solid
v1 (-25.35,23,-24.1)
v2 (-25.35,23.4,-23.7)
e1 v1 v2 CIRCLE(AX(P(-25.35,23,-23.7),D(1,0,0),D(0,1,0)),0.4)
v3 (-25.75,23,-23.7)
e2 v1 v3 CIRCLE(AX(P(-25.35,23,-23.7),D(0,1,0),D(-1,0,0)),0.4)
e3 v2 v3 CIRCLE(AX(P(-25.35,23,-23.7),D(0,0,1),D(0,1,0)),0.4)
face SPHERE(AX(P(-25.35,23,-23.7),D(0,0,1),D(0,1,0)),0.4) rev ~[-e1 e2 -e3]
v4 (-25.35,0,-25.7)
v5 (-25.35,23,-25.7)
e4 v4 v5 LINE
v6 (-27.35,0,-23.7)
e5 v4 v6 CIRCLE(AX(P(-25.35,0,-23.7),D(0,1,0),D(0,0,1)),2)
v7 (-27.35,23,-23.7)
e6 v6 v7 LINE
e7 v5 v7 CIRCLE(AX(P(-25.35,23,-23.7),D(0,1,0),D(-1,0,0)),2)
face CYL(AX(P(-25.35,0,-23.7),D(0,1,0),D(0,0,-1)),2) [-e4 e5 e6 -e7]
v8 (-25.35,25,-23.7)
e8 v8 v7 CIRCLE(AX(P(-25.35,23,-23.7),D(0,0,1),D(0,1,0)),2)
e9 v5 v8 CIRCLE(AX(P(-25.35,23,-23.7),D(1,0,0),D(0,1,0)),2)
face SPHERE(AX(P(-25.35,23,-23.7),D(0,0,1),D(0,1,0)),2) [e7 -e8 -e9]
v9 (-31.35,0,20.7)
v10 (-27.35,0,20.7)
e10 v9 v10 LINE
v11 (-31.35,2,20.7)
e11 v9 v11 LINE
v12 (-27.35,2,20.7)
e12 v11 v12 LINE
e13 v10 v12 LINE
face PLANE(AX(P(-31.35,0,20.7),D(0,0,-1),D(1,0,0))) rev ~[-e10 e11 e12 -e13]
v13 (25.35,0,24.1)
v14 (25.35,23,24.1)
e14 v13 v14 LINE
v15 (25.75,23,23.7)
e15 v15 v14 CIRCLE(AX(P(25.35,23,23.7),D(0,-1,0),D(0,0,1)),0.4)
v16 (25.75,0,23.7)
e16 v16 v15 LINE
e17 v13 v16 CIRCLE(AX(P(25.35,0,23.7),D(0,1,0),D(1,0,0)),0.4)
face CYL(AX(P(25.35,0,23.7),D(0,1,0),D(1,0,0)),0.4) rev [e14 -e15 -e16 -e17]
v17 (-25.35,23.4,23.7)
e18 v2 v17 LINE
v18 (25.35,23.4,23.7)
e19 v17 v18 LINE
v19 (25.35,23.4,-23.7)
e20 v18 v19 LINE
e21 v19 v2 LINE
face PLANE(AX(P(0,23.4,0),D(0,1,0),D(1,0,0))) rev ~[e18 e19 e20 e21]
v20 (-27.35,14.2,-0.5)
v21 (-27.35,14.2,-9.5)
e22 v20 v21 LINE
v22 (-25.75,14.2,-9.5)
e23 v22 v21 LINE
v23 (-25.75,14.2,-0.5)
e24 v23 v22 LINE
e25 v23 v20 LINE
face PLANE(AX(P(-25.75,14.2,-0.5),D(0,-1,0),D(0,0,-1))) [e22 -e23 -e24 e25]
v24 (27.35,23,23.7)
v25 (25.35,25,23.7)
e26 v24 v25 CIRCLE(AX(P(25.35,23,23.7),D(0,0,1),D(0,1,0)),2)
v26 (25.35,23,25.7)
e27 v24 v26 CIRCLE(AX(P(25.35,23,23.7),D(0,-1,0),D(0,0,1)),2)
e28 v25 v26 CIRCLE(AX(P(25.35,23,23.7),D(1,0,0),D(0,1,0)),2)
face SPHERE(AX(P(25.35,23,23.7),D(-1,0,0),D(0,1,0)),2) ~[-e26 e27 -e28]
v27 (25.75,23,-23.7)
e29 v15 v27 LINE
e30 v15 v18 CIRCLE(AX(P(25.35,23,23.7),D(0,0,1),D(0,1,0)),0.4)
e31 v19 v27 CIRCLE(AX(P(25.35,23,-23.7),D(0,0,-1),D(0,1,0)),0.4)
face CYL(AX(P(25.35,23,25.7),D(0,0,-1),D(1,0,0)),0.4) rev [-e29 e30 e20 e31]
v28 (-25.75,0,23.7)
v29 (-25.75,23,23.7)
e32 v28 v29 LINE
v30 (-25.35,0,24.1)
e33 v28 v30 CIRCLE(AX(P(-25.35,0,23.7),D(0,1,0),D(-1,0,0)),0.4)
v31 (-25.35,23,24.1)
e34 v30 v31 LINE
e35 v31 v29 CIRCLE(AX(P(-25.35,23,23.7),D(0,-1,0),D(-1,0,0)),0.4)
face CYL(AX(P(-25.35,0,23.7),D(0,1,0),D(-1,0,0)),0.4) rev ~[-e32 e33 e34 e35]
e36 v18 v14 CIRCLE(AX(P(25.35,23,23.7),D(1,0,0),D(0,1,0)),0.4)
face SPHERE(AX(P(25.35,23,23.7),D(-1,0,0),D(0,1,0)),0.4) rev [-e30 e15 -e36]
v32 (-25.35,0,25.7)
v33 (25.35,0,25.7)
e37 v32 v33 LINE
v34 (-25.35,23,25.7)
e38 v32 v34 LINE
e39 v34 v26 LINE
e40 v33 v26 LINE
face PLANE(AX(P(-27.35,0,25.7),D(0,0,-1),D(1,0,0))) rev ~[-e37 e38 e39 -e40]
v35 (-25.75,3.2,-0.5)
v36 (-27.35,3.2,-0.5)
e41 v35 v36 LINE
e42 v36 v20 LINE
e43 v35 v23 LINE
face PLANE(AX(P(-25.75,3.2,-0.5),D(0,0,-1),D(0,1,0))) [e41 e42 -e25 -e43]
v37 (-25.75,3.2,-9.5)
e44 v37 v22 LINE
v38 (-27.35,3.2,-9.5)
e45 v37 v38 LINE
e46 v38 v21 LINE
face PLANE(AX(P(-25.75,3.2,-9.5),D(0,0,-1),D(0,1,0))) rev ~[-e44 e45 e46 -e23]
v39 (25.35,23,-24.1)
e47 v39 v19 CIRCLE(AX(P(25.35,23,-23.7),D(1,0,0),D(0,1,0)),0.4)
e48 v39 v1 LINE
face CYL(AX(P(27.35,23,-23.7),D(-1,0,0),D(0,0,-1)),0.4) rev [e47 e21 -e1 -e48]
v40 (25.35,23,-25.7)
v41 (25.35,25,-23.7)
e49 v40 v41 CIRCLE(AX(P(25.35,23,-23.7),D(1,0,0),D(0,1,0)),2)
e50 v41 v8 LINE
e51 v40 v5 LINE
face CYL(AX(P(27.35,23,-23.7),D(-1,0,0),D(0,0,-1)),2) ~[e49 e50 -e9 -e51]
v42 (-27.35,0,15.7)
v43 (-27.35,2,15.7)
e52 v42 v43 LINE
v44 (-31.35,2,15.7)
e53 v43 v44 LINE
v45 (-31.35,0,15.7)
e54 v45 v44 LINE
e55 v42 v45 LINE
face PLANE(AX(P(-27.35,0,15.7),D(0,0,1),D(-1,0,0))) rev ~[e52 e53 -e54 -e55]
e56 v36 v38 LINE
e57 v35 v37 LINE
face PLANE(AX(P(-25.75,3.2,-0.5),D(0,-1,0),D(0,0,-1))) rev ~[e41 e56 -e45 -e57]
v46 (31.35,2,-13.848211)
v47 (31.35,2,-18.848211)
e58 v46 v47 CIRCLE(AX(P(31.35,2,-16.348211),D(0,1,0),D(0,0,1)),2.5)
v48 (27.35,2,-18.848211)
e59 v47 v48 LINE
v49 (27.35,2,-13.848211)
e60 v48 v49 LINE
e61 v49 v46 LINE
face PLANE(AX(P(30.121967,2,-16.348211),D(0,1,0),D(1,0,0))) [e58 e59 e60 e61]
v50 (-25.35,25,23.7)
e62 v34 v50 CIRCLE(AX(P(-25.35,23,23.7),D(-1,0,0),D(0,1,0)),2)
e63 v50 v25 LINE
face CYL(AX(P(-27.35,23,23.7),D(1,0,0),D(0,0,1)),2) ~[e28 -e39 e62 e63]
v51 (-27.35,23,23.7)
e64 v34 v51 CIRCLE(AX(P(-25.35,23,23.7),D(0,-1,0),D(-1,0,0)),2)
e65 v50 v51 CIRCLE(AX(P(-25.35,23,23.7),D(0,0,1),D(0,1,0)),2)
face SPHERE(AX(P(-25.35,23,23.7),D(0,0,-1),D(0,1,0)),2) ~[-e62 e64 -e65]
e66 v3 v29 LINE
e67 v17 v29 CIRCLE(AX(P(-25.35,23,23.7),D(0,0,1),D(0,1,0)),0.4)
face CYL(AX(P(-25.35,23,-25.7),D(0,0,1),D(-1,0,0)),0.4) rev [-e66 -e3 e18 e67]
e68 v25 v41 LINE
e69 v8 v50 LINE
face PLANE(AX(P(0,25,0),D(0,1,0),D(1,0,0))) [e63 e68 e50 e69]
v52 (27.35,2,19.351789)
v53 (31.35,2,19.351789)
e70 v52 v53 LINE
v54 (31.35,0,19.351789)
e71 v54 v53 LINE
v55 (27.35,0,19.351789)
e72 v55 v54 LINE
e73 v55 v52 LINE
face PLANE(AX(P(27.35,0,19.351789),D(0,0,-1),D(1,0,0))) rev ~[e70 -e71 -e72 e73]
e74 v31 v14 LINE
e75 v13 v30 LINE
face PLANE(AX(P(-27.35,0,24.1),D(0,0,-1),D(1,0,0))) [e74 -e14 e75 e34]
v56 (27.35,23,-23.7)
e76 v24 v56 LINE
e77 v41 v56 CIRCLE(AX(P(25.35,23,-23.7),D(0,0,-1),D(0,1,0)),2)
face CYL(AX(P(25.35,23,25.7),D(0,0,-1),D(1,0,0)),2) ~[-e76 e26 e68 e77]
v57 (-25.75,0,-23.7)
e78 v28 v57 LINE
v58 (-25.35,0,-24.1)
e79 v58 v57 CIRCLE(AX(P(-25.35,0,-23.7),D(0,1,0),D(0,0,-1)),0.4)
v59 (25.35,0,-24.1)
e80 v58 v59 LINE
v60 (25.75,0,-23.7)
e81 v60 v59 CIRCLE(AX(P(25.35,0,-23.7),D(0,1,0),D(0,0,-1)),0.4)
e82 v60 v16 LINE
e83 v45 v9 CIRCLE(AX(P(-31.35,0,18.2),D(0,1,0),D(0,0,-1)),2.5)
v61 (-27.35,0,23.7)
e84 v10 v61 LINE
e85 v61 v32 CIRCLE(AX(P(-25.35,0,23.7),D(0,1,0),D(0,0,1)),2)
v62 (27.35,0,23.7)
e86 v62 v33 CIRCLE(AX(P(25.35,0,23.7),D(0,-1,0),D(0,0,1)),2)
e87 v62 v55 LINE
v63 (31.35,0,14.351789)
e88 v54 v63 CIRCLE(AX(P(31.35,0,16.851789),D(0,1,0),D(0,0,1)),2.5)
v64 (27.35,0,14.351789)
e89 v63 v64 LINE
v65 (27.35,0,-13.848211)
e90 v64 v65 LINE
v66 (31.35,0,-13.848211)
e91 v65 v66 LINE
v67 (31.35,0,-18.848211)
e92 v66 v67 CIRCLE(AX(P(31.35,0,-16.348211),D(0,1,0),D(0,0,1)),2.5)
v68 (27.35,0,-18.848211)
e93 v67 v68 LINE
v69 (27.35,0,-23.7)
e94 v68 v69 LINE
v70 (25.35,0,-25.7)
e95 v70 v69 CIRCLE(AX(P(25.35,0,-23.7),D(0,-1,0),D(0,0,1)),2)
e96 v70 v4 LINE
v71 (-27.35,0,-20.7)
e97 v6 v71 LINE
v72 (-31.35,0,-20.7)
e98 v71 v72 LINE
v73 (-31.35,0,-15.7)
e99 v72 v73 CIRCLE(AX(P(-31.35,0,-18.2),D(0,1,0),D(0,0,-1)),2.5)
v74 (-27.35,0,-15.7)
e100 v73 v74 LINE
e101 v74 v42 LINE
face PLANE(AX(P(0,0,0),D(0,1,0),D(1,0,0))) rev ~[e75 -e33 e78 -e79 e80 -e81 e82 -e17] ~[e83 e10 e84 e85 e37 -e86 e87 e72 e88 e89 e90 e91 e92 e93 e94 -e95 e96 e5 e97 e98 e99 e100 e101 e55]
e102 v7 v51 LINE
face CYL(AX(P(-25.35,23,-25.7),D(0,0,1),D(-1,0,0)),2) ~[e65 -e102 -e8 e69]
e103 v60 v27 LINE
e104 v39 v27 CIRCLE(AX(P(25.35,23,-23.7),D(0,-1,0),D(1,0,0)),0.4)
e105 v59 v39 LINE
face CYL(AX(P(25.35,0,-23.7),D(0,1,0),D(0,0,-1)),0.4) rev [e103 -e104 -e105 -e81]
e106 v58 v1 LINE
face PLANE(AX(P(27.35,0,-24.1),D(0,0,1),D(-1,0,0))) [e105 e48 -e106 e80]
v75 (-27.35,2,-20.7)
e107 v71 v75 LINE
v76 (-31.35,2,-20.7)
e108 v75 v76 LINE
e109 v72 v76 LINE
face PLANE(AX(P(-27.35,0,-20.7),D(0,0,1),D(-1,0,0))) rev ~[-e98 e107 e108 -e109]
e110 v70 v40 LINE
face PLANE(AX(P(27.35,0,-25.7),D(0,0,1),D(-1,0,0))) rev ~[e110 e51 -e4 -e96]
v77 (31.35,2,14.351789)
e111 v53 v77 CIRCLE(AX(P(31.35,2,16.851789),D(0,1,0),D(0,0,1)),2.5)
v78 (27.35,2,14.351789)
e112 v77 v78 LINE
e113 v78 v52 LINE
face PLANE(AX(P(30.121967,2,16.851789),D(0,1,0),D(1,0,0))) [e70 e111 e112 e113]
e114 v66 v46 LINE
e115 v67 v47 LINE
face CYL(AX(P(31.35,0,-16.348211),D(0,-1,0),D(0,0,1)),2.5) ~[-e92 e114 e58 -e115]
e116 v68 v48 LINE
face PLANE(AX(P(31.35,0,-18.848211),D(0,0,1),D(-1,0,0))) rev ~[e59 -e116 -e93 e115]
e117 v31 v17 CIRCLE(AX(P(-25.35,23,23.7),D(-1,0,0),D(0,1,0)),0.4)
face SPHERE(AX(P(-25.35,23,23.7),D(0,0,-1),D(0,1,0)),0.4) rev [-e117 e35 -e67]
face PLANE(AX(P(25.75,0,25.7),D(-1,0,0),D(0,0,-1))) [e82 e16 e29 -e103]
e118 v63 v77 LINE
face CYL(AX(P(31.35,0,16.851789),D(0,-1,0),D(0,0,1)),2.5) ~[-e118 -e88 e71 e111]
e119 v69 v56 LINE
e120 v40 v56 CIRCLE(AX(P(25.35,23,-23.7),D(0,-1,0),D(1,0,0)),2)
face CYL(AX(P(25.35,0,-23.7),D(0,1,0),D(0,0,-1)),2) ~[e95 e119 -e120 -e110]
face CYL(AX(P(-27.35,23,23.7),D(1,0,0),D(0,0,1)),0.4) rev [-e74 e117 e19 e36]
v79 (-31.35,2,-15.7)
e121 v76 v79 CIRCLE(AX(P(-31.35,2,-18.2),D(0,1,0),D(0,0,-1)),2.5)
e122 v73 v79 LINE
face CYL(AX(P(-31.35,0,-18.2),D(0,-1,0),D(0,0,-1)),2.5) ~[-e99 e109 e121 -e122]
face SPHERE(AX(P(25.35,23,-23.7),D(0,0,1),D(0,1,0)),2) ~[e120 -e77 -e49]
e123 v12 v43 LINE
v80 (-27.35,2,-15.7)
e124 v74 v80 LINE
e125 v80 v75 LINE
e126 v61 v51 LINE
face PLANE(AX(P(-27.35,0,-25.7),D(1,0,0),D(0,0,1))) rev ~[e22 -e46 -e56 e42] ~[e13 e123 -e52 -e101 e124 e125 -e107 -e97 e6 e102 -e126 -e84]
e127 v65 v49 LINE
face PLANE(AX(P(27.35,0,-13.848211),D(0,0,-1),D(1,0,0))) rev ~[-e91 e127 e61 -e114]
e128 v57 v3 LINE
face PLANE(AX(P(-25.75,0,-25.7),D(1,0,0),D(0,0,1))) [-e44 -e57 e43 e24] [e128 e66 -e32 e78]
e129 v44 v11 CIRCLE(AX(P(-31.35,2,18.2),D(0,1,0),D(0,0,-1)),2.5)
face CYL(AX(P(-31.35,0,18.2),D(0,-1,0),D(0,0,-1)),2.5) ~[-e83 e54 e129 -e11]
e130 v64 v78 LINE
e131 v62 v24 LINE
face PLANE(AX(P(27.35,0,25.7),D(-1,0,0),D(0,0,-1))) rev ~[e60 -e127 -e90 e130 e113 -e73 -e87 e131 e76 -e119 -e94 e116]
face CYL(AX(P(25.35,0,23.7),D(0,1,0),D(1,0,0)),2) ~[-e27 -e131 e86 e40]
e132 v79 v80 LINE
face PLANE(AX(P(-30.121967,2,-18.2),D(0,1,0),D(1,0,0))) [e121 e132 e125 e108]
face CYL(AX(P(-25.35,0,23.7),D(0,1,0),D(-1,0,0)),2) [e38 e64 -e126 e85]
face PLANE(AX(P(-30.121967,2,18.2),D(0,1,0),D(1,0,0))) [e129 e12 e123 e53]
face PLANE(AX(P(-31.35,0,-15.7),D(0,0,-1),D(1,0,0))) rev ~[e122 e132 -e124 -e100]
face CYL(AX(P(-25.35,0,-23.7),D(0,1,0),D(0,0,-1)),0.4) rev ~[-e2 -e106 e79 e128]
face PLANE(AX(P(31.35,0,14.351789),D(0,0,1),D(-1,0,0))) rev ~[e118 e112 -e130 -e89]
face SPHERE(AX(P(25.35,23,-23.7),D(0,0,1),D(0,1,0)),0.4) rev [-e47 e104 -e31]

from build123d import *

# Parameters (mm, degrees)
SKETCH1_W           = 54.7
SKETCH1_H           = 51.4
BOSS_EXTRUDE1_DEPTH = 25
FILLET1_R           = 2
SHELL1_T            = -1.6
BOSS_EXTRUDE2_DEPTH = 2
SKETCH2_W           = 9
SKETCH2_H           = 11
CUT_EXTRUDE1_DEPTH  = 70.553217036


with BuildPart() as part:
    # Sketch1 → Boss-Extrude1 (new body)
    with BuildSketch(Plane(origin=(0, 0, 0), x_dir=(1, 0, 0), z_dir=(0, 1, 0))):
        Rectangle(SKETCH1_W, SKETCH1_H)
    extrude(amount=BOSS_EXTRUDE1_DEPTH)

    # Fillet1
    fillet1_edges = [part.edges().sort_by_distance(p)[0] for p in [
        (-27.35, 12.5, -25.7),
        (27.35, 12.5, -25.7),
        (0, 25, -25.7),
        (-27.35, 25, 0),
        (-27.35, 12.5, 25.7),
        (0, 25, 25.7),
        (27.35, 25, 0),
        (27.35, 12.5, 25.7),
    ]]
    fillet(fillet1_edges, radius=FILLET1_R)

    # Shell1
    shell1_openings = [part.faces().sort_by_distance(p)[0] for p in [
        (0, 0, 0),
    ]]
    offset(amount=SHELL1_T, openings=shell1_openings, kind=Kind.INTERSECTION)

    # Sketch1<3> → Boss-Extrude2 (add)
    with BuildSketch(Plane(origin=(0, 0, 0), x_dir=(1, 0, 0), z_dir=(0, 1, 0))):
        with BuildLine():
            Line((31.35, 18.848211449), (27.35, 18.848211449))
            Line((27.35, 18.848211449), (27.35, 13.848211449))
            Line((27.35, 13.848211449), (31.35, 13.848211449))
            ThreePointArc((31.35, 13.848211449), (33.85, 16.348211449), (31.35, 18.848211449))
        make_face()
        with BuildLine():
            Line((-27.35, 15.7), (-27.35, 20.7))
            Line((-27.35, 20.7), (-31.35, 20.7))
            ThreePointArc((-31.35, 20.7), (-33.85, 18.2), (-31.35, 15.7))
            Line((-31.35, 15.7), (-27.35, 15.7))
        make_face()
        with BuildLine():
            Line((31.35, -14.351788551), (27.35, -14.351788551))
            Line((27.35, -14.351788551), (27.35, -19.351788551))
            Line((27.35, -19.351788551), (31.35, -19.351788551))
            ThreePointArc((31.35, -19.351788551), (33.85, -16.851788551), (31.35, -14.351788551))
        make_face()
        with BuildLine():
            Line((-27.35, -20.7), (-27.35, -15.7))
            Line((-27.35, -15.7), (-31.35, -15.7))
            ThreePointArc((-31.35, -15.7), (-33.85, -18.2), (-31.35, -20.7))
            Line((-31.35, -20.7), (-27.35, -20.7))
        make_face()
    extrude(amount=BOSS_EXTRUDE2_DEPTH)

    # Sketch2 → Cut-Extrude1 (cut, through all)
    with BuildSketch(Plane(origin=(-25.75, 0, 0), x_dir=(0, 0, -1), z_dir=(1, 0, 0))):
        with Locations((5, 8.7)):
            Rectangle(SKETCH2_W, SKETCH2_H)
    extrude(amount=-CUT_EXTRUDE1_DEPTH, mode=Mode.SUBTRACT)


solid = part.part
